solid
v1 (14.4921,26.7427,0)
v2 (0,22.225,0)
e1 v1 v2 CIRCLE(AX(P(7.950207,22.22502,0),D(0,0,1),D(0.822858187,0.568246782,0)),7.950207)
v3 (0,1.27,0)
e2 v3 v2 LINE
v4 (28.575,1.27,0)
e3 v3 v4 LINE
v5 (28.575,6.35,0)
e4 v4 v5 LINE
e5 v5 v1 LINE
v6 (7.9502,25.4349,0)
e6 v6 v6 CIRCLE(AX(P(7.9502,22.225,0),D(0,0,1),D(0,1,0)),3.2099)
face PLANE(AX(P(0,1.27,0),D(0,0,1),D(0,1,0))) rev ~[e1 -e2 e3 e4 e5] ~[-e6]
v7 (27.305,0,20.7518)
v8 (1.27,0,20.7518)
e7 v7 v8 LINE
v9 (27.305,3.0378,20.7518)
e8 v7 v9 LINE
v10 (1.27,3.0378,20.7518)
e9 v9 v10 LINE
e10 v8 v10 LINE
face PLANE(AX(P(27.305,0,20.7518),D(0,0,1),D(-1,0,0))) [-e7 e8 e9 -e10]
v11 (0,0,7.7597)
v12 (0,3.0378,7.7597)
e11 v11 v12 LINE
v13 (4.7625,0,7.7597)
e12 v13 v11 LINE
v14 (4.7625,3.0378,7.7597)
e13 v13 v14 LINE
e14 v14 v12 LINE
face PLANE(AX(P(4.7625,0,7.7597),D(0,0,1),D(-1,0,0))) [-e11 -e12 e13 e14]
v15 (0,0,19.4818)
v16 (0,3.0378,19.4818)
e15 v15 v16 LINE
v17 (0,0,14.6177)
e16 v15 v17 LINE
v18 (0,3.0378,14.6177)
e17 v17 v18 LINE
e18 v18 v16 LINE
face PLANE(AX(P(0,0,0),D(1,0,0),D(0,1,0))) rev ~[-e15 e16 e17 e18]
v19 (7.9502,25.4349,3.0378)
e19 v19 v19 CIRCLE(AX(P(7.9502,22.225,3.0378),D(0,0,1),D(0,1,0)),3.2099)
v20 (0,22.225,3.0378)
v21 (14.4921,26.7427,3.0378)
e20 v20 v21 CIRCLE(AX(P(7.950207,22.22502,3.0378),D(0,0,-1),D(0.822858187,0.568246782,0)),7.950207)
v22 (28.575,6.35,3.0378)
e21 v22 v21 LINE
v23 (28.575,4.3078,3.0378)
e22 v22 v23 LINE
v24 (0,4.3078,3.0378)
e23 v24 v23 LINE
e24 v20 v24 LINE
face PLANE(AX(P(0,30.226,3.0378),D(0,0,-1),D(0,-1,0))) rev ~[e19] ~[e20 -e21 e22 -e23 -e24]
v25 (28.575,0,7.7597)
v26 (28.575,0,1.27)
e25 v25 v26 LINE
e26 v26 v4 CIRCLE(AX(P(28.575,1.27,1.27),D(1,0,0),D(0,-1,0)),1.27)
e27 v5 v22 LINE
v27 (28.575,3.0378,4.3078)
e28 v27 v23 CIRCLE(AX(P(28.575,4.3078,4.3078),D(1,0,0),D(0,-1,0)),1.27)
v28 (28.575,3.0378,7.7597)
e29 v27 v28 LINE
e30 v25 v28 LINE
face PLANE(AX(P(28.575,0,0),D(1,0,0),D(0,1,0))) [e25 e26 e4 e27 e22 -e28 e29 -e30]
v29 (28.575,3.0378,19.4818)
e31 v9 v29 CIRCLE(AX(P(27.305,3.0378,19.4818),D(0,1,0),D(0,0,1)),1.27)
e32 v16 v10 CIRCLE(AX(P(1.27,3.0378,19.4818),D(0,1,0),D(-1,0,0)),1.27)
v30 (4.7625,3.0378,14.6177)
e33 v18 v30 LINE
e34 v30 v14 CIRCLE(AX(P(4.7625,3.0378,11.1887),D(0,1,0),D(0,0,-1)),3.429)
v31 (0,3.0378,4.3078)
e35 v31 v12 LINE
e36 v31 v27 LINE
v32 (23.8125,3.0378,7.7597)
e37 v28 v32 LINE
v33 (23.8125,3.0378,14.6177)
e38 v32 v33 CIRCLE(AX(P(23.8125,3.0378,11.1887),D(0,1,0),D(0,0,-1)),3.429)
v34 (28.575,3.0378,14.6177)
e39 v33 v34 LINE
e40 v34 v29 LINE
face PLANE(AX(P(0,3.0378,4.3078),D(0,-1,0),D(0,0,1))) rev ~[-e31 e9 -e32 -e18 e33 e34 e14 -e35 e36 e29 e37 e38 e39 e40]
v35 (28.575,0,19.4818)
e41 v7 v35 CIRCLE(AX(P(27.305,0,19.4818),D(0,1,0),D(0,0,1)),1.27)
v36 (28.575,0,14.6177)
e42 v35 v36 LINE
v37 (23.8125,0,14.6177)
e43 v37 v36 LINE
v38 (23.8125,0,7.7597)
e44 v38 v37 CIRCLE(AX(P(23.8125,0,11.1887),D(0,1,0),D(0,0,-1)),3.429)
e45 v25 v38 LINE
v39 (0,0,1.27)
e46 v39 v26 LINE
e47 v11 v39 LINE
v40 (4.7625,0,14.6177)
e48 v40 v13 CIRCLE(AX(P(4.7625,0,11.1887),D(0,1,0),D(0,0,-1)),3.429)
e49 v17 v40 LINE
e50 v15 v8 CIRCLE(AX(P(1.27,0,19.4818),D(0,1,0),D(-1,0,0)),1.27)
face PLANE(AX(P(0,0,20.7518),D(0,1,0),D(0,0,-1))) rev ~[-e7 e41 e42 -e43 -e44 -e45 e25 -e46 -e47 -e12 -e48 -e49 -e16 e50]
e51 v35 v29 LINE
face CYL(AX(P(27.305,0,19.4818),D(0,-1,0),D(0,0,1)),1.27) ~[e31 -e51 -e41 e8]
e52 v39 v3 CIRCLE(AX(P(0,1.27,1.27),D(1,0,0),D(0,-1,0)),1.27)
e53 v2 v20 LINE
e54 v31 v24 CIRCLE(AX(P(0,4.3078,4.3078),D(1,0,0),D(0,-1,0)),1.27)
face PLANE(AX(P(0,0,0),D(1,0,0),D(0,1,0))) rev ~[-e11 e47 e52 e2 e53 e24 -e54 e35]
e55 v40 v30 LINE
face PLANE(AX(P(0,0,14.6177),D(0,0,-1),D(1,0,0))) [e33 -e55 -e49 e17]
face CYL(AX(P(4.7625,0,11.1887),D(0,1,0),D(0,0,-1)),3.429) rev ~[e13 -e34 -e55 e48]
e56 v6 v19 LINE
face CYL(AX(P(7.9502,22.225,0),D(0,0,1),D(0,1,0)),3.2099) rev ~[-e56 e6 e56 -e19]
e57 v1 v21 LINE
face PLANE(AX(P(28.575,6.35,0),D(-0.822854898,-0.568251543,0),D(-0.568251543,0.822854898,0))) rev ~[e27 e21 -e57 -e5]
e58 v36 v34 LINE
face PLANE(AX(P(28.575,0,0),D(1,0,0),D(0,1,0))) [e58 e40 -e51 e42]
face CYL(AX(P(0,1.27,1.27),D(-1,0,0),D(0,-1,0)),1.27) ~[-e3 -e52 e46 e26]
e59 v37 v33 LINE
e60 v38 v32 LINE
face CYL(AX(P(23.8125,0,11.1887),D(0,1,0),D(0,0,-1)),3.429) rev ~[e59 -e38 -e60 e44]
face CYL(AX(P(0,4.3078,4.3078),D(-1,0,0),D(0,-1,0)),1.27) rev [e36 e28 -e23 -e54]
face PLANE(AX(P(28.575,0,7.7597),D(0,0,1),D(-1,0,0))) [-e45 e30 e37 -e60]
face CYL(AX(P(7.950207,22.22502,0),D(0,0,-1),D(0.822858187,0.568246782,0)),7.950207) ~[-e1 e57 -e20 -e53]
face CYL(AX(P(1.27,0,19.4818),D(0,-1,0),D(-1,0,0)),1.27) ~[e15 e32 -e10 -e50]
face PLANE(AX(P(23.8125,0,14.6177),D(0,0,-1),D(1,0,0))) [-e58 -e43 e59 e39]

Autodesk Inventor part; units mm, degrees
sketch "Sketch_1" plane through (0, 0, 0) normal (1, 0, 0) x (0, 1, 0)
  line L0 (0, 20.7518) -> (0, 1.27)
  arc A0 (0, 1.27) -> (1.27, 0) centre (1.27, 1.27) ccw
  line L1 (1.27, 0) -> (30.226, 0)
  line L2 (30.226, 0) -> (30.226, 3.0378)
  line L3 (30.226, 3.0378) -> (4.3078, 3.0378)
  arc A1 (3.0378, 4.3078) -> (4.3078, 3.0378) centre (4.3078, 4.3078) ccw
  line L4 (3.0378, 4.3078) -> (3.0378, 20.7518)
  line L5 (3.0378, 20.7518) -> (0, 20.7518)
extrude "Extrusion1" add sketch "Sketch_1" along normal blind 28.575
sketch "Sketch_2" plane through (0, 0, 0) normal (0, 0, 1) x (1, 0, 0)
  line L0 (-28.575, -30.226) -> (42.8625, -30.226)
  line L1 (42.8625, -30.226) -> (42.8625, 45.339)
  line L2 (42.8625, 45.339) -> (-28.575, 45.339)
  line L3 (-28.575, 45.339) -> (-28.575, -30.226)
  line L4 (0, 0) -> (28.575, 0)
  line L5 (28.575, 0) -> (28.575, 6.35)
  line L6 (28.575, 6.35) -> (14.4921, 26.7427)
  arc A0 (14.4921, 26.7427) -> (0, 22.225) centre (7.9502, 22.225) ccw
  line L7 (0, 22.225) -> (0, 0)
extrude "Extrusion2" cut sketch "Sketch_2" along normal blind 20.7518
sketch "Sketch3" plane through (28.575, 1.27, 0) normal (0, 0, -1) x (-1, 0, 0)
  point P0 (20.6248, 20.955)
hole "Hole1" at (7.9502, 22.225, 0) direction (0, 0, 1) diameter 6.4198 depth 3.0378
sketch "Sketch4" plane through (0, 0, 1.27) normal (0, -1, 0) x (1, 0, 0)
  point P0 (4.7625, 9.9187)
hole "Hole2" at (4.7625, 0, 11.1887) direction (0, 1, 0) diameter 6.858 depth 3.0378
sketch "Sketch5" plane through (0, 0, 1.27) normal (0, -1, 0) x (1, 0, 0)
  point P0 (23.8125, 9.9187)
hole "Hole3" at (23.8125, 0, 11.1887) direction (0, 1, 0) diameter 6.858 depth 3.0378
sketch "Sketch_6" plane through (0, 0, 0) normal (0, 1, 0) x (-1, 0, 0)
  line L0 (0, 7.7597) -> (0, 14.6177)
  line L1 (0, 14.6177) -> (-4.7625, 14.6177)
  line L2 (-4.7625, 14.6177) -> (-4.7625, 7.7597)
  line L3 (-4.7625, 7.7597) -> (0, 7.7597)
sketch "Sketch_7" plane through (0, 0, 0) normal (0, 1, 0) x (-1, 0, 0)
  line L0 (-23.8125, 7.7597) -> (-23.8125, 14.6177)
  line L1 (-23.8125, 14.6177) -> (-28.575, 14.6177)
  line L2 (-28.575, 14.6177) -> (-28.575, 7.7597)
  line L3 (-28.575, 7.7597) -> (-23.8125, 7.7597)
extrude "Extrusion3" cut sketch "Sketch_6" along normal blind 3.0378
extrude "Extrusion4" cut sketch "Sketch_7" along normal blind 3.0378
sketch "Sketch_8" plane through (0, 0, 0) normal (0, 1, 0) x (-1, 0, 0)
  line L0 (0, 31.1277) -> (-28.575, 31.1277)
  line L1 (-28.575, 31.1277) -> (-28.575, 19.4818)
  arc A0 (-27.305, 20.7518) -> (-28.575, 19.4818) centre (-27.305, 19.4818) ccw
  line L2 (-27.305, 20.7518) -> (-1.27, 20.7518)
  arc A1 (0, 19.4818) -> (-1.27, 20.7518) centre (-1.27, 19.4818) ccw
  line L3 (0, 19.4818) -> (0, 31.1277)
extrude "Extrusion5" cut sketch "Sketch_8" along normal blind 3.0378
ref_plane "a1_XY" through (0, 22.225, 0) normal (0, 0, 1) x (1, 0, 0)
ref_plane "a1_YZ" through (0, 22.225, 0) normal (1, 0, 0) x (0, 1, 0)
ref_plane "a1_ZX" through (0, 22.225, 0) normal (0, 1, 0) x (0, 0, 1)
ref_plane "a2_XY" through (7.9502, 22.225, 0) normal (0, 0, 1) x (1, 0, 0)
ref_plane "a2_YZ" through (7.9502, 22.225, 0) normal (1, 0, 0) x (0, 1, 0)
ref_plane "a2_ZX" through (7.9502, 22.225, 0) normal (0, 1, 0) x (0, 0, 1)
ref_plane "b1_XY" through (4.7403, 22.225, 0) normal (0, 0, 1) x (1, 0, 0)
ref_plane "b1_YZ" through (4.7403, 22.225, 0) normal (1, 0, 0) x (0, 1, 0)
ref_plane "b1_ZX" through (4.7403, 22.225, 0) normal (0, 1, 0) x (0, 0, 1)
ref_plane "b2_XY" through (11.1601, 22.225, 0) normal (0, 0, 1) x (1, 0, 0)
ref_plane "b2_YZ" through (11.1601, 22.225, 0) normal (1, 0, 0) x (0, 1, 0)
ref_plane "b2_ZX" through (11.1601, 22.225, 0) normal (0, 1, 0) x (0, 0, 1)
ref_plane "d1_XY" through (0, 30.226, 0) normal (1, 0, 0) x (0, 0, -1)
ref_plane "d1_YZ" through (0, 30.226, 0) normal (0, 0, -1) x (0, 1, 0)
ref_plane "d1_ZX" through (0, 30.226, 0) normal (0, 1, 0) x (1, 0, 0)
ref_plane "d2_XY" through (0, 30.226, 3.0378) normal (1, 0, 0) x (0, 0, -1)
ref_plane "d2_YZ" through (0, 30.226, 3.0378) normal (0, 0, -1) x (0, 1, 0)
ref_plane "d2_ZX" through (0, 30.226, 3.0378) normal (0, 1, 0) x (1, 0, 0)
ref_plane "e1_XY" through (0, 0, 0) normal (0, 0, 1) x (1, 0, 0)
ref_plane "e1_YZ" through (0, 0, 0) normal (1, 0, 0) x (0, 1, 0)
ref_plane "e1_ZX" through (0, 0, 0) normal (0, 1, 0) x (0, 0, 1)
ref_plane "e2_XY" through (7.9502, 30.1752, 0) normal (0, 0, 1) x (1, 0, 0)
ref_plane "e2_YZ" through (7.9502, 30.1752, 0) normal (1, 0, 0) x (0, 1, 0)
ref_plane "e2_ZX" through (7.9502, 30.1752, 0) normal (0, 1, 0) x (0, 0, 1)
ref_plane "f1_XY" through (0, 0, 0) normal (0, 0, 1) x (1, 0, 0)
ref_plane "f1_YZ" through (0, 0, 0) normal (1, 0, 0) x (0, 1, 0)
ref_plane "f1_ZX" through (0, 0, 0) normal (0, 1, 0) x (0, 0, 1)
ref_plane "f2_XY" through (0, 22.225, 0) normal (0, 0, 1) x (1, 0, 0)
ref_plane "f2_YZ" through (0, 22.225, 0) normal (1, 0, 0) x (0, 1, 0)
ref_plane "f2_ZX" through (0, 22.225, 0) normal (0, 1, 0) x (0, 0, 1)
ref_plane "g1_XY" through (0, 0, 7.7597) normal (0, 1, 0) x (1, 0, 0)
ref_plane "g1_YZ" through (0, 0, 7.7597) normal (1, 0, 0) x (0, 0, -1)
ref_plane "g1_ZX" through (0, 0, 7.7597) normal (0, 0, -1) x (0, 1, 0)
ref_plane "g2_XY" through (0, 0, 14.6177) normal (0, 1, 0) x (1, 0, 0)
ref_plane "g2_YZ" through (0, 0, 14.6177) normal (1, 0, 0) x (0, 0, -1)
ref_plane "g2_ZX" through (0, 0, 14.6177) normal (0, 0, -1) x (0, 1, 0)
ref_plane "h1_XY" through (4.7625, 0, 20.7518) normal (0, 0, 1) x (1, 0, 0)
ref_plane "h1_YZ" through (4.7625, 0, 20.7518) normal (1, 0, 0) x (0, 1, 0)
ref_plane "h1_ZX" through (4.7625, 0, 20.7518) normal (0, 1, 0) x (0, 0, 1)
ref_plane "h2_XY" through (23.8125, 0, 20.7518) normal (0, 0, 1) x (1, 0, 0)
ref_plane "h2_YZ" through (23.8125, 0, 20.7518) normal (1, 0, 0) x (0, 1, 0)
ref_plane "h2_ZX" through (23.8125, 0, 20.7518) normal (0, 1, 0) x (0, 0, 1)
ref_plane "i_XY" through (28.575, 0, 20.7518) normal (0, 0, 1) x (1, 0, 0)
ref_plane "i_YZ" through (28.575, 0, 20.7518) normal (1, 0, 0) x (0, 1, 0)
ref_plane "i_ZX" through (28.575, 0, 20.7518) normal (0, 1, 0) x (0, 0, 1)
ref_plane "j1_XY" through (0, 0, 0) normal (0, 0, 1) x (1, 0, 0)
ref_plane "j1_YZ" through (0, 0, 0) normal (1, 0, 0) x (0, 1, 0)
ref_plane "j1_ZX" through (0, 0, 0) normal (0, 1, 0) x (0, 0, 1)
ref_plane "j2_XY" through (28.575, 0, 0) normal (0, 0, 1) x (1, 0, 0)
ref_plane "j2_YZ" through (28.575, 0, 0) normal (1, 0, 0) x (0, 1, 0)
ref_plane "j2_ZX" through (28.575, 0, 0) normal (0, 1, 0) x (0, 0, 1)
ref_plane "k11_XY" through (0, 0, 20.7518) normal (1, 0, 0) x (0, 0, -1)
ref_plane "k11_YZ" through (0, 0, 20.7518) normal (0, 0, -1) x (0, 1, 0)
ref_plane "k11_ZX" through (0, 0, 20.7518) normal (0, 1, 0) x (1, 0, 0)
ref_plane "k12_XY" through (0, 0, 0) normal (1, 0, 0) x (0, 0, -1)
ref_plane "k12_YZ" through (0, 0, 0) normal (0, 0, -1) x (0, 1, 0)
ref_plane "k12_ZX" through (0, 0, 0) normal (0, 1, 0) x (1, 0, 0)
ref_plane "to_dummy_L_XY" through (0, 0, 0) normal (0, 0, 1) x (1, 0, 0)
ref_plane "to_dummy_L_YZ" through (0, 0, 0) normal (1, 0, 0) x (0, 1, 0)
ref_plane "to_dummy_L_ZX" through (0, 0, 0) normal (0, 1, 0) x (0, 0, 1)
ref_plane "to_pin_L_XY" through (7.9502, 22.225, 0) normal (0, 0, 1) x (1, 0, 0)
ref_plane "to_pin_L_YZ" through (7.9502, 22.225, 0) normal (1, 0, 0) x (0, 1, 0)
ref_plane "to_pin_L_ZX" through (7.9502, 22.225, 0) normal (0, 1, 0) x (0, 0, 1)
properties part number "D-168"
